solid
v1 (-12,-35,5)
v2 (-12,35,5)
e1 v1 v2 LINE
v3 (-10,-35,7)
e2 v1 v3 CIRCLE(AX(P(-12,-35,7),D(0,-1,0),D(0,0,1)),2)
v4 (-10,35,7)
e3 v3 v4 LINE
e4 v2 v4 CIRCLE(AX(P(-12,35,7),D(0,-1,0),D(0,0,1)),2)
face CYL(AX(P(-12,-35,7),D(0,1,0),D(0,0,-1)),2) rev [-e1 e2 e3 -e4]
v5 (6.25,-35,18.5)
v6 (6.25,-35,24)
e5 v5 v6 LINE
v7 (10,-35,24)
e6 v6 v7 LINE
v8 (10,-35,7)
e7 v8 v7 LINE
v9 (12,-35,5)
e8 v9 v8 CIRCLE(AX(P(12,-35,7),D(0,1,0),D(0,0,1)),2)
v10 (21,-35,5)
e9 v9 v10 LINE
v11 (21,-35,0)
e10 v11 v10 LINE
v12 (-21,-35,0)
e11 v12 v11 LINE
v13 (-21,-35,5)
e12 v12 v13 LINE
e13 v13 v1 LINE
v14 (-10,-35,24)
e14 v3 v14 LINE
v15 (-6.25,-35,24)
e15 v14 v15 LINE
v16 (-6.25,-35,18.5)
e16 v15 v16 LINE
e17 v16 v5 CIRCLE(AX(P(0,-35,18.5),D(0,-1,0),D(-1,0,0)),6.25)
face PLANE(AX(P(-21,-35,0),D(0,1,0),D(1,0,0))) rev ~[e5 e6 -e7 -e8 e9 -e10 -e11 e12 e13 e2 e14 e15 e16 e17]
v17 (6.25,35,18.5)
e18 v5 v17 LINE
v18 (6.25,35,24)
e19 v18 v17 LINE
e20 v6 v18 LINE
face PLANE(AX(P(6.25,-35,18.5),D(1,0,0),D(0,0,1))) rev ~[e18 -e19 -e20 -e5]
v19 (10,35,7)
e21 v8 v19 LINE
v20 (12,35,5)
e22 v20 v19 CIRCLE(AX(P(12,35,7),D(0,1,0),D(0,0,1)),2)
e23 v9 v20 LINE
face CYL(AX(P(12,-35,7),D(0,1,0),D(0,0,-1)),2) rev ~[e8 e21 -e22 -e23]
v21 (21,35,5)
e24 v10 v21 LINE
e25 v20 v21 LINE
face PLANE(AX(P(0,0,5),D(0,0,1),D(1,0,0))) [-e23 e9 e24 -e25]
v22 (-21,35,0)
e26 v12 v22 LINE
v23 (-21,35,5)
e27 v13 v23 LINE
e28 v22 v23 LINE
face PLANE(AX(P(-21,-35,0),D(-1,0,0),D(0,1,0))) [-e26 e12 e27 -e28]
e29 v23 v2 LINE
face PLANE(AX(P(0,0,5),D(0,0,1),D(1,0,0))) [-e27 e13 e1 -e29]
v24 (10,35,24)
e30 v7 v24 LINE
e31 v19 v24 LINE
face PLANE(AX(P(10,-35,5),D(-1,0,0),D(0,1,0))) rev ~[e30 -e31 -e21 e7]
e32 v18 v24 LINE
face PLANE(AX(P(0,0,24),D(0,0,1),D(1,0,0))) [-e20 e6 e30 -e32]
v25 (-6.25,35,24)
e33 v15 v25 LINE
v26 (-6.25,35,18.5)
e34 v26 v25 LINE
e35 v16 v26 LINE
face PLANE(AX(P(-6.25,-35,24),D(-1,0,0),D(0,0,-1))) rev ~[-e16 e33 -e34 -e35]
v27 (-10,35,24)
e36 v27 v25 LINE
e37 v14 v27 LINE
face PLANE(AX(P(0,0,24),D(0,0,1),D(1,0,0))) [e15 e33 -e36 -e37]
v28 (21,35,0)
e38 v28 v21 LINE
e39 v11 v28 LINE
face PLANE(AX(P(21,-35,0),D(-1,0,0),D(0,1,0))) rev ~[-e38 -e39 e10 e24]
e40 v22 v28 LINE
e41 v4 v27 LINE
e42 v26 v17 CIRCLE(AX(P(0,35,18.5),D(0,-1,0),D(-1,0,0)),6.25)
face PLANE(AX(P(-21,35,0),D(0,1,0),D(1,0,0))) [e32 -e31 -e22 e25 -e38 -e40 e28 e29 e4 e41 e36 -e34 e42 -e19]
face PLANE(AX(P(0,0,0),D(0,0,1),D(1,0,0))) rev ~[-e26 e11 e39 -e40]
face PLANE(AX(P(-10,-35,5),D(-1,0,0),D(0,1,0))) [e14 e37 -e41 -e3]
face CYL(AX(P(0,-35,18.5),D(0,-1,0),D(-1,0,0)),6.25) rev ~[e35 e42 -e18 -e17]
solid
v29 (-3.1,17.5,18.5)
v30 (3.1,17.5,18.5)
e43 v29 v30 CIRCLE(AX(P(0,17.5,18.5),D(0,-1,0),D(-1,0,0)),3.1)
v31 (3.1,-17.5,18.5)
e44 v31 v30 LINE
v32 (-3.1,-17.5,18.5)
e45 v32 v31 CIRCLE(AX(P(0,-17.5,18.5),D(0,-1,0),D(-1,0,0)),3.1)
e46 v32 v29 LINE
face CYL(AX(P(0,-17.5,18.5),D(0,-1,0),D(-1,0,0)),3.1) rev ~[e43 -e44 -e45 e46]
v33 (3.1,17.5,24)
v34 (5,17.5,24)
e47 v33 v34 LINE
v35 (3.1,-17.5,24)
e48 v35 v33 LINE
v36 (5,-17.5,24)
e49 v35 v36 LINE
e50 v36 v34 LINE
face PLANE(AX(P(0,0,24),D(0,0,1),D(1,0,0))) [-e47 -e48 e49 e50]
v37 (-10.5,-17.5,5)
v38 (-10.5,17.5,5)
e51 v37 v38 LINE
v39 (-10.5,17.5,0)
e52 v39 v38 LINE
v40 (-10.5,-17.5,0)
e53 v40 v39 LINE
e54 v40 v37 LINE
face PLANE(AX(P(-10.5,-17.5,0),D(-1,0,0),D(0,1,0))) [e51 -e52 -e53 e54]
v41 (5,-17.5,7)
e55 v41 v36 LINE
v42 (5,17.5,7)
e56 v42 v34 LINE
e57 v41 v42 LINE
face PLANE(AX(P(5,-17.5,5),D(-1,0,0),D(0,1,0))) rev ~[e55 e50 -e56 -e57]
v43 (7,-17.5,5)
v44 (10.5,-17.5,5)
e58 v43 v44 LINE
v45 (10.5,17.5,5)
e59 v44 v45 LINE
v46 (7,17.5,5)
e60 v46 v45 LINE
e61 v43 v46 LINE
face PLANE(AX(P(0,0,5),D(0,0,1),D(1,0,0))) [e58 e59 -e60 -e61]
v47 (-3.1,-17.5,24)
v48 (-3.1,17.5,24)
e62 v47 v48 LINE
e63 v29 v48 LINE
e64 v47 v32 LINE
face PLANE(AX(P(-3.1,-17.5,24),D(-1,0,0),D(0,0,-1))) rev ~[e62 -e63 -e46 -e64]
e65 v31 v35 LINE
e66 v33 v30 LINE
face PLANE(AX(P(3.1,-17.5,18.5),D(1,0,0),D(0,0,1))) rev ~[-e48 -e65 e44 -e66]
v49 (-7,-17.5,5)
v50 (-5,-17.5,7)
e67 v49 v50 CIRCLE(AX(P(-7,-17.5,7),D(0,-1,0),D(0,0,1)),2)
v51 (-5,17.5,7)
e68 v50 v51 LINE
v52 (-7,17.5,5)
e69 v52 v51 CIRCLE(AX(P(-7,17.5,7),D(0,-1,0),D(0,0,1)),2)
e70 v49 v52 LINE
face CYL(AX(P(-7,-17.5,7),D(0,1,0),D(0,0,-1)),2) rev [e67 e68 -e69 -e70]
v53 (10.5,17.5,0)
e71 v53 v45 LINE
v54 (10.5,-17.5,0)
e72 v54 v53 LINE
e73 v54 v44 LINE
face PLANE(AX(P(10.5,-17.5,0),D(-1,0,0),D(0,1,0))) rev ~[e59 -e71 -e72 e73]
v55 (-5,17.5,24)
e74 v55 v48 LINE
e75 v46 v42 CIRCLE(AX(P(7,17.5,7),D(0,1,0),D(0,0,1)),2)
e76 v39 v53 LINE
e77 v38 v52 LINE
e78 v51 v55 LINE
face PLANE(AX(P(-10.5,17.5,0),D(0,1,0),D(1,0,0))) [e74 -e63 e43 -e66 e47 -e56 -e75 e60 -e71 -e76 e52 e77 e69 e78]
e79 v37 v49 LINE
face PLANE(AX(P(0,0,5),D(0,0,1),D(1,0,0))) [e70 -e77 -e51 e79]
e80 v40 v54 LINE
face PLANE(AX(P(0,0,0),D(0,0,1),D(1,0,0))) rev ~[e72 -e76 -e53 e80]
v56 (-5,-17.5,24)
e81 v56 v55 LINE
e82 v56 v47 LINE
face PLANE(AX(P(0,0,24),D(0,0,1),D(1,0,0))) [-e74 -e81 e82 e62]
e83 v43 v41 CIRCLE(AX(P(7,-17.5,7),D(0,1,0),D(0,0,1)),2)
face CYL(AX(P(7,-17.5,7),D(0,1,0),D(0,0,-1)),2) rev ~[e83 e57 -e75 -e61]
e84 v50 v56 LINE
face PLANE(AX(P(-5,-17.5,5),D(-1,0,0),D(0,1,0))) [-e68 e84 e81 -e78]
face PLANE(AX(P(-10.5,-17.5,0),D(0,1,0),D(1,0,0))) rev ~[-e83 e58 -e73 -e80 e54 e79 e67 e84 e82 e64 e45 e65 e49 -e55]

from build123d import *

# Parameters (mm, degrees)
SKETCH_W        = 42
SKETCH_H        = 70
PAD_DEPTH       = 5
SKETCH001_W     = 20
SKETCH001_H     = 70
PAD001_DEPTH    = 19
POCKET_DEPTH    = 70.001
FILLET_R        = 2
SKETCH003_W     = 21
SKETCH003_H     = 35
PAD002_DEPTH    = 5
SKETCH004_W     = 10
SKETCH004_H     = 35
PAD003_DEPTH    = 19
POCKET001_DEPTH = 35.001
FILLET001_R     = 2


with BuildPart() as body:
    # Sketch (on XY_Plane of Origin) → Pad (new body)
    with BuildSketch(Plane.XY):
        Rectangle(SKETCH_W, SKETCH_H)
    extrude(amount=PAD_DEPTH)

    # Sketch001 (on Face6 of Pad) → Pad001 (join)
    with BuildSketch(Plane.XY.offset(5)):
        Rectangle(SKETCH001_W, SKETCH001_H)
    extrude(amount=PAD001_DEPTH)

    # Sketch002 (on Face9 of Pad001) → Pocket (cut, through all)
    with BuildSketch(Plane.XZ.offset(35)):
        with BuildLine():
            ThreePointArc((-6.25, 18.5), (0, 12.25), (6.25, 18.5))
            Line((6.25, 18.5), (6.25, 24))
            Line((6.25, 24), (-6.25, 24))
            Line((-6.25, 24), (-6.25, 18.5))
        make_face()
    extrude(amount=-POCKET_DEPTH, mode=Mode.SUBTRACT)

    # Fillet
    fillet_edges = [body.edges().sort_by_distance(p)[0] for p in [
        (10, 0, 5),
        (-10, 0, 5),
    ]]
    fillet(fillet_edges, radius=FILLET_R)


with BuildPart() as body001:
    # Sketch003 (on XY_Plane of Origin002) → Pad002 (new body)
    with BuildSketch(Plane.XY):
        Rectangle(SKETCH003_W, SKETCH003_H)
    extrude(amount=PAD002_DEPTH)

    # Sketch004 (on Face6 of Pad002) → Pad003 (join)
    with BuildSketch(Plane.XY.offset(5)):
        Rectangle(SKETCH004_W, SKETCH004_H)
    extrude(amount=PAD003_DEPTH)

    # Sketch005 (on Face9 of Pad003) → Pocket001 (cut, through all)
    with BuildSketch(Plane.XZ.offset(17.5)):
        with BuildLine():
            ThreePointArc((-3.1, 18.5), (0, 15.4), (3.1, 18.5))
            Line((3.1, 18.5), (3.1, 24))
            Line((3.1, 24), (-3.1, 24))
            Line((-3.1, 24), (-3.1, 18.5))
        make_face()
    extrude(amount=-POCKET001_DEPTH, mode=Mode.SUBTRACT)

    # Fillet001
    fillet001_edges = [body001.edges().sort_by_distance(p)[0] for p in [
        (5, 0, 5),
        (-5, 0, 5),
    ]]
    fillet(fillet001_edges, radius=FILLET001_R)


solid = Compound([body.part, body001.part])
